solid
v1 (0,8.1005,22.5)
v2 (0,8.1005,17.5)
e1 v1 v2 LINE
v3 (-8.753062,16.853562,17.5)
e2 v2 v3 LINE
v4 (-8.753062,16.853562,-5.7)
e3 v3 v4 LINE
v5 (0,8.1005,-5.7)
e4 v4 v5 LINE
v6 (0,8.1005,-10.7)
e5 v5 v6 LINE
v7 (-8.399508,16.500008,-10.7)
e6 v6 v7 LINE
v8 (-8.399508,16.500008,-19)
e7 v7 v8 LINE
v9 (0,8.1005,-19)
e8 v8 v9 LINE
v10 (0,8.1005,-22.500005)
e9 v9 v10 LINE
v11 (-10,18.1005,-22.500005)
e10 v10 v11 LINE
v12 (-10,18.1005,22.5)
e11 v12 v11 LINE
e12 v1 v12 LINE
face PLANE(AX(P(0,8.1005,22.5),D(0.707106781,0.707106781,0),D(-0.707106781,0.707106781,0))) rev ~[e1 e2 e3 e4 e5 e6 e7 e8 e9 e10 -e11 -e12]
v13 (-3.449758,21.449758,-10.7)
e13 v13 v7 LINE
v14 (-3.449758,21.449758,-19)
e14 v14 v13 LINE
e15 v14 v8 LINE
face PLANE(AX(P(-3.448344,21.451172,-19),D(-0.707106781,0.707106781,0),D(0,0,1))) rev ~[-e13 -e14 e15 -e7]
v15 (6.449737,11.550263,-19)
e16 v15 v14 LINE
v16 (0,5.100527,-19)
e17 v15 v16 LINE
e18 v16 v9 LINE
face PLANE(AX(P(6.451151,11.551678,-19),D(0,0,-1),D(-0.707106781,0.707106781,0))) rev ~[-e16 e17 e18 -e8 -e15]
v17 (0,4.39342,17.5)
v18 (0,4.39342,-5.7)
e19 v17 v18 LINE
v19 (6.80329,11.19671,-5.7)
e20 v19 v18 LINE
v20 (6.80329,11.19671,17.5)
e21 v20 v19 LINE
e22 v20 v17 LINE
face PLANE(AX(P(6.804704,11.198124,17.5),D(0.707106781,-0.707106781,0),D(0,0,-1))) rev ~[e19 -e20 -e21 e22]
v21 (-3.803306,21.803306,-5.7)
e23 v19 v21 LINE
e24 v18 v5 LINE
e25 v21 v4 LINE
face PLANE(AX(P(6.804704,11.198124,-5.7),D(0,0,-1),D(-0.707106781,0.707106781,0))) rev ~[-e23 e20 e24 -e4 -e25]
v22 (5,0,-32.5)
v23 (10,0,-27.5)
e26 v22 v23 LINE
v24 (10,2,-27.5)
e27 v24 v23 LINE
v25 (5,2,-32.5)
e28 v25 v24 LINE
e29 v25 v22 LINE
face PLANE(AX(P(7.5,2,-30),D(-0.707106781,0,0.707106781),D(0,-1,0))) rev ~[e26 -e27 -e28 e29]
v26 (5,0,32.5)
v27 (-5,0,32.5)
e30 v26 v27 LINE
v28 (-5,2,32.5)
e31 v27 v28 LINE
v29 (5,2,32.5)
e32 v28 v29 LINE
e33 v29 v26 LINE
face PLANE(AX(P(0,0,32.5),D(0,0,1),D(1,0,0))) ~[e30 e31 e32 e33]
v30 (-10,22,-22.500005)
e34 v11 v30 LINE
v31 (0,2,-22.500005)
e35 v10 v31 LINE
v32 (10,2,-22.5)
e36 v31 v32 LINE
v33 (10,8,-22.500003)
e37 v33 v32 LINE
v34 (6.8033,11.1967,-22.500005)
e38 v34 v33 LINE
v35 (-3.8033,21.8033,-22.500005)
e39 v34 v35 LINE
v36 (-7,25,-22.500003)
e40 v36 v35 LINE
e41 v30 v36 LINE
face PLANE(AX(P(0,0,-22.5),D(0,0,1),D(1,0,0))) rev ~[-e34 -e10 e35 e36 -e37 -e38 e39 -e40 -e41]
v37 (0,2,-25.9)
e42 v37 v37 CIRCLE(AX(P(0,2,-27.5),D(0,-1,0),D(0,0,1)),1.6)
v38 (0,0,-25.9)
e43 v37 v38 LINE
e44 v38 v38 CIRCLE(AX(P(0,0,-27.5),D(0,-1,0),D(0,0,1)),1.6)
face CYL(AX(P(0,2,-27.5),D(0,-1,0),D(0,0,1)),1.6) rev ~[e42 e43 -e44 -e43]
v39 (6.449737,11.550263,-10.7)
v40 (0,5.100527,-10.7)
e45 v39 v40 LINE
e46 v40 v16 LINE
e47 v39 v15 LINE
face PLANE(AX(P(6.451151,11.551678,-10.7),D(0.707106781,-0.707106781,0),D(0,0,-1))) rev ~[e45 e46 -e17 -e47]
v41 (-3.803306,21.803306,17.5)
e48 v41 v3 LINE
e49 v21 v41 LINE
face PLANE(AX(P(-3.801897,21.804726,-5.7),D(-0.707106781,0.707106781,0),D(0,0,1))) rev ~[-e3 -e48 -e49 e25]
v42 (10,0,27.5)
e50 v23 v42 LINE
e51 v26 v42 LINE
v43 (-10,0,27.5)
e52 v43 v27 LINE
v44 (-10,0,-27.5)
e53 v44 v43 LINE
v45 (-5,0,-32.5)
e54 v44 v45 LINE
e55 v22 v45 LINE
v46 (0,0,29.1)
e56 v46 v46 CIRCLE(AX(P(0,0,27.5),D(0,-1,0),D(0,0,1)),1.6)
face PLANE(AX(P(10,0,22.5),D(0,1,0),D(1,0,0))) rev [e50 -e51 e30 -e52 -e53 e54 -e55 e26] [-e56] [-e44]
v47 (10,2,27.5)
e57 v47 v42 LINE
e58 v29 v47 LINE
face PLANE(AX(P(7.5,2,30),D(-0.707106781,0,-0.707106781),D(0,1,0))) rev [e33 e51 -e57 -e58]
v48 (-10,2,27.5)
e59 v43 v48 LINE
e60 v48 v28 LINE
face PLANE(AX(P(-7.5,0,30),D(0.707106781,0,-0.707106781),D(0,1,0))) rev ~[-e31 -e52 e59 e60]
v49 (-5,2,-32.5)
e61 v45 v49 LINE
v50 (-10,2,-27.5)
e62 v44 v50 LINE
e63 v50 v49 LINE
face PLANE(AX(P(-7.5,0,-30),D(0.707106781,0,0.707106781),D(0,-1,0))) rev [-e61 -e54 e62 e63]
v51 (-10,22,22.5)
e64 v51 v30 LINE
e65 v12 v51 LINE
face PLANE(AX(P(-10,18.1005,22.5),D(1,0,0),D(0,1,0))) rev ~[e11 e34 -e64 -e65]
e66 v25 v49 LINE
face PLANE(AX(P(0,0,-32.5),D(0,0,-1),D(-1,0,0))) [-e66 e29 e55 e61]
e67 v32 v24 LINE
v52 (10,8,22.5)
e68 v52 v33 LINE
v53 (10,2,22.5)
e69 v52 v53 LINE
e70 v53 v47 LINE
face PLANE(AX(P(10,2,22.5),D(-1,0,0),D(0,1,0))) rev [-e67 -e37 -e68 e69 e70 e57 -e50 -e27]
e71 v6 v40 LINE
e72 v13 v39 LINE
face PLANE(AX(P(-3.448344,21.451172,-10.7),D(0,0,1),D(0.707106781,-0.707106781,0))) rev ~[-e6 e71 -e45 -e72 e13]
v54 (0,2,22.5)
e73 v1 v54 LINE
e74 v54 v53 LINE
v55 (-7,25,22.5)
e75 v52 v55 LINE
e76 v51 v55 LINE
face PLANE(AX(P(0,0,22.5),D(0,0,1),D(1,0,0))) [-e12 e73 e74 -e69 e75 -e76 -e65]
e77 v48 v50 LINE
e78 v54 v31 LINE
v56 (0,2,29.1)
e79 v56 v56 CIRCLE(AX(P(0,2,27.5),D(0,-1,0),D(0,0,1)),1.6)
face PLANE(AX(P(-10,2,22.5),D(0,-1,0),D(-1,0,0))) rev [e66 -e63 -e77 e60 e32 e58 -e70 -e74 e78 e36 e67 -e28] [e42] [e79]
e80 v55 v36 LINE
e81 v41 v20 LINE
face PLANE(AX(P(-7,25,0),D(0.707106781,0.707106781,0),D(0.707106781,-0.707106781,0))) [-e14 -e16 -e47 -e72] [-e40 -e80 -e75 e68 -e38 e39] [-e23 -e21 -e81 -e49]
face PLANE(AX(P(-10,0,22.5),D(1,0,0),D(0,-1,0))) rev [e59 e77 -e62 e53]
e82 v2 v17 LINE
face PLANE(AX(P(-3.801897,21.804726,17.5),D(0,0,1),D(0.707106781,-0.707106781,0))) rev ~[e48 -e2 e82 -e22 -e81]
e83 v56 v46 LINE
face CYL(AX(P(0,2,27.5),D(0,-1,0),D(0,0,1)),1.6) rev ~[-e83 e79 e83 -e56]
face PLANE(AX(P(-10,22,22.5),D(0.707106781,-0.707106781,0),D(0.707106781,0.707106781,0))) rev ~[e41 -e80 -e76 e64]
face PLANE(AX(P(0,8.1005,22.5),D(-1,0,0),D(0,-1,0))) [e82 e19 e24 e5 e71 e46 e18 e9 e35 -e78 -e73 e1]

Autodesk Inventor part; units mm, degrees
ref_plane "YZ Plane" through (0, 0, 0) normal (1, 0, 0) x (0, 1, 0)
ref_plane "XZ Plane" through (0, 0, 0) normal (0, 1, 0) x (-1, 0, 0)
ref_plane "XY Plane" through (0, 0, 0) normal (0, 0, 1) x (1, 0, 0)
sketch "Эскиз1" plane through (0, 0, 0) normal (0, 0, 1) x (1, 0, 0)
  line L0 (-10, 0) -> (10, 0)
  line L1 (-10, 25) -> (-10, 0)
  line L2 (-10, 25) -> (-7, 25)
  line L3 (-7, 25) -> (10, 8)
  line L4 (10, 8) -> (10, 0)
  point P0 (0, 0)
  point P1 (0, 0)
  dimension "d4" = 20
  dimension "d5" = 25
  dimension "d6" = 3
  dimension "d7" = 135
extrude "Выдавливание1" add sketch "Эскиз1" along normal mid plane 45
sketch "Эскиз3" plane through (-7, 25, -22.5) normal (0.7071, 0.7071, 0) x (-0.7071, 0.7071, 0)
  line L0 (-4.5208, 40) -> (-19.5208, 40)
  line L1 (-19.5208, 40) -> (-19.5208, 16.8)
  line L2 (-19.5208, 16.8) -> (-4.5208, 16.8)
  line L3 (-4.5208, 16.8) -> (-4.5208, 40)
  line L4 (-24.0416, 45) -> (0, 45) projected
  line L5 (-5.0208, 11.8) -> (-19.0208, 11.8)
  line L6 (-19.0208, 11.8) -> (-19.0208, 3.5)
  line L7 (-19.0208, 3.5) -> (-5.0208, 3.5)
  line L8 (-5.0208, 3.5) -> (-5.0208, 11.8)
  line L9 (0, 0) -> (-24.0416, 0) projected
  point P0 (-22.6274, 22.5)
  point P1 (-12.0208, 11.8)
  point P2 (-12.0208, 16.8)
  point P3 (-12.0208, 3.5)
  point P4 (-12.0208, 0)
  dimension "d8" = 23.2
  dimension "d9" = 15
  dimension "d10" = 5
  dimension "d11" = 14
  dimension "d12" = 8.3
  dimension "d13" = 5
extrude "Выдавливание2" cut sketch "Эскиз3" against normal blind 10
sketch "Эскиз7" plane through (0, 0, 22.5) normal (0, 0, 1) x (1, 0, 0)
  line L0 (10, 0) -> (-10, 0) projected
  line L1 (0, 8.1005) -> (-10, 18.1005)
  line L2 (10, 8) -> (-7, 25) projected
  line L3 (6.8033, 11.1967) -> (-3.8033, 21.8033) projected
  line L4 (10, 8) -> (10, 0) projected
  line L5 (-7, 25) -> (10, 8)
  line L6 (-7, 25) -> (10, 8) projected
  line L7 (0, 8.1005) -> (0, 2)
  line L8 (0, 2) -> (-10, 2)
  line L9 (-10, 2) -> (-10, 0)
  line L10 (-10, 0) -> (10, 0)
  line L11 (10, 8) -> (10, 0)
  line L12 (-10, 18.1005) -> (-10, 22)
  line L13 (-10, 22) -> (-7, 25)
  line L14 (-10, 25) -> (-10, 0) projected
  point P0 (0, 0)
  point P1 (1.5, 16.5)
  dimension "d22" = 7
  dimension "d24" = 2
  dimension "d25" = 10
  dimension "d26" = 135
extrude "Выдавливание4" cut sketch "Эскиз7" against normal through all contours L0 L9 L8 L7 L1 L12 L13 L2 L4 keep common part
sketch "Эскиз8" plane through (0, 0, -22.5) normal (0, 0, -1) x (-1, 0, 0)
  line L0 (10, 2) -> (0, 2) projected
  line L1 (-10, 0) -> (10, 0) projected
  line L2 (10, 2) -> (-10, 2)
  line L3 (-10, 2) -> (-10, 0)
  line L4 (-10, 0) -> (10, 0)
  line L5 (10, 0) -> (10, 2)
  point P0 (0, 0)
extrude "Выдавливание5" add sketch "Эскиз8" along normal blind 10
chamfer "Фаска1" distance 5 angle 45 2 edges at (10, 1, -32.5) (-10, 1, -32.5)
mirror "Зеркальное отражение1" about plane through (0, 0, 0) normal (0, 0, 1) of "Выдавливание5", "Фаска1"
sketch "Эскиз9" plane through (0, 2, 22.5) normal (0, 1, 0) x (1, 0, 0)
  line L0 (10, 0) -> (-7, 0) projected
  line L1 (0, 0) -> (0, 45) projected
  point P0 (0, 22.5)
  point P1 (0, 50)
  point P2 (0, -5)
  point P3 (0, 22.5)
  dimension "d41" = 55
  dimension "d42" = 5
hole "Отверстие1" at (0, 2, -27.5) at (0, 2, 27.5) direction (0, -1, 0) diameter 3.2 end through all
properties part number "Indicator"
